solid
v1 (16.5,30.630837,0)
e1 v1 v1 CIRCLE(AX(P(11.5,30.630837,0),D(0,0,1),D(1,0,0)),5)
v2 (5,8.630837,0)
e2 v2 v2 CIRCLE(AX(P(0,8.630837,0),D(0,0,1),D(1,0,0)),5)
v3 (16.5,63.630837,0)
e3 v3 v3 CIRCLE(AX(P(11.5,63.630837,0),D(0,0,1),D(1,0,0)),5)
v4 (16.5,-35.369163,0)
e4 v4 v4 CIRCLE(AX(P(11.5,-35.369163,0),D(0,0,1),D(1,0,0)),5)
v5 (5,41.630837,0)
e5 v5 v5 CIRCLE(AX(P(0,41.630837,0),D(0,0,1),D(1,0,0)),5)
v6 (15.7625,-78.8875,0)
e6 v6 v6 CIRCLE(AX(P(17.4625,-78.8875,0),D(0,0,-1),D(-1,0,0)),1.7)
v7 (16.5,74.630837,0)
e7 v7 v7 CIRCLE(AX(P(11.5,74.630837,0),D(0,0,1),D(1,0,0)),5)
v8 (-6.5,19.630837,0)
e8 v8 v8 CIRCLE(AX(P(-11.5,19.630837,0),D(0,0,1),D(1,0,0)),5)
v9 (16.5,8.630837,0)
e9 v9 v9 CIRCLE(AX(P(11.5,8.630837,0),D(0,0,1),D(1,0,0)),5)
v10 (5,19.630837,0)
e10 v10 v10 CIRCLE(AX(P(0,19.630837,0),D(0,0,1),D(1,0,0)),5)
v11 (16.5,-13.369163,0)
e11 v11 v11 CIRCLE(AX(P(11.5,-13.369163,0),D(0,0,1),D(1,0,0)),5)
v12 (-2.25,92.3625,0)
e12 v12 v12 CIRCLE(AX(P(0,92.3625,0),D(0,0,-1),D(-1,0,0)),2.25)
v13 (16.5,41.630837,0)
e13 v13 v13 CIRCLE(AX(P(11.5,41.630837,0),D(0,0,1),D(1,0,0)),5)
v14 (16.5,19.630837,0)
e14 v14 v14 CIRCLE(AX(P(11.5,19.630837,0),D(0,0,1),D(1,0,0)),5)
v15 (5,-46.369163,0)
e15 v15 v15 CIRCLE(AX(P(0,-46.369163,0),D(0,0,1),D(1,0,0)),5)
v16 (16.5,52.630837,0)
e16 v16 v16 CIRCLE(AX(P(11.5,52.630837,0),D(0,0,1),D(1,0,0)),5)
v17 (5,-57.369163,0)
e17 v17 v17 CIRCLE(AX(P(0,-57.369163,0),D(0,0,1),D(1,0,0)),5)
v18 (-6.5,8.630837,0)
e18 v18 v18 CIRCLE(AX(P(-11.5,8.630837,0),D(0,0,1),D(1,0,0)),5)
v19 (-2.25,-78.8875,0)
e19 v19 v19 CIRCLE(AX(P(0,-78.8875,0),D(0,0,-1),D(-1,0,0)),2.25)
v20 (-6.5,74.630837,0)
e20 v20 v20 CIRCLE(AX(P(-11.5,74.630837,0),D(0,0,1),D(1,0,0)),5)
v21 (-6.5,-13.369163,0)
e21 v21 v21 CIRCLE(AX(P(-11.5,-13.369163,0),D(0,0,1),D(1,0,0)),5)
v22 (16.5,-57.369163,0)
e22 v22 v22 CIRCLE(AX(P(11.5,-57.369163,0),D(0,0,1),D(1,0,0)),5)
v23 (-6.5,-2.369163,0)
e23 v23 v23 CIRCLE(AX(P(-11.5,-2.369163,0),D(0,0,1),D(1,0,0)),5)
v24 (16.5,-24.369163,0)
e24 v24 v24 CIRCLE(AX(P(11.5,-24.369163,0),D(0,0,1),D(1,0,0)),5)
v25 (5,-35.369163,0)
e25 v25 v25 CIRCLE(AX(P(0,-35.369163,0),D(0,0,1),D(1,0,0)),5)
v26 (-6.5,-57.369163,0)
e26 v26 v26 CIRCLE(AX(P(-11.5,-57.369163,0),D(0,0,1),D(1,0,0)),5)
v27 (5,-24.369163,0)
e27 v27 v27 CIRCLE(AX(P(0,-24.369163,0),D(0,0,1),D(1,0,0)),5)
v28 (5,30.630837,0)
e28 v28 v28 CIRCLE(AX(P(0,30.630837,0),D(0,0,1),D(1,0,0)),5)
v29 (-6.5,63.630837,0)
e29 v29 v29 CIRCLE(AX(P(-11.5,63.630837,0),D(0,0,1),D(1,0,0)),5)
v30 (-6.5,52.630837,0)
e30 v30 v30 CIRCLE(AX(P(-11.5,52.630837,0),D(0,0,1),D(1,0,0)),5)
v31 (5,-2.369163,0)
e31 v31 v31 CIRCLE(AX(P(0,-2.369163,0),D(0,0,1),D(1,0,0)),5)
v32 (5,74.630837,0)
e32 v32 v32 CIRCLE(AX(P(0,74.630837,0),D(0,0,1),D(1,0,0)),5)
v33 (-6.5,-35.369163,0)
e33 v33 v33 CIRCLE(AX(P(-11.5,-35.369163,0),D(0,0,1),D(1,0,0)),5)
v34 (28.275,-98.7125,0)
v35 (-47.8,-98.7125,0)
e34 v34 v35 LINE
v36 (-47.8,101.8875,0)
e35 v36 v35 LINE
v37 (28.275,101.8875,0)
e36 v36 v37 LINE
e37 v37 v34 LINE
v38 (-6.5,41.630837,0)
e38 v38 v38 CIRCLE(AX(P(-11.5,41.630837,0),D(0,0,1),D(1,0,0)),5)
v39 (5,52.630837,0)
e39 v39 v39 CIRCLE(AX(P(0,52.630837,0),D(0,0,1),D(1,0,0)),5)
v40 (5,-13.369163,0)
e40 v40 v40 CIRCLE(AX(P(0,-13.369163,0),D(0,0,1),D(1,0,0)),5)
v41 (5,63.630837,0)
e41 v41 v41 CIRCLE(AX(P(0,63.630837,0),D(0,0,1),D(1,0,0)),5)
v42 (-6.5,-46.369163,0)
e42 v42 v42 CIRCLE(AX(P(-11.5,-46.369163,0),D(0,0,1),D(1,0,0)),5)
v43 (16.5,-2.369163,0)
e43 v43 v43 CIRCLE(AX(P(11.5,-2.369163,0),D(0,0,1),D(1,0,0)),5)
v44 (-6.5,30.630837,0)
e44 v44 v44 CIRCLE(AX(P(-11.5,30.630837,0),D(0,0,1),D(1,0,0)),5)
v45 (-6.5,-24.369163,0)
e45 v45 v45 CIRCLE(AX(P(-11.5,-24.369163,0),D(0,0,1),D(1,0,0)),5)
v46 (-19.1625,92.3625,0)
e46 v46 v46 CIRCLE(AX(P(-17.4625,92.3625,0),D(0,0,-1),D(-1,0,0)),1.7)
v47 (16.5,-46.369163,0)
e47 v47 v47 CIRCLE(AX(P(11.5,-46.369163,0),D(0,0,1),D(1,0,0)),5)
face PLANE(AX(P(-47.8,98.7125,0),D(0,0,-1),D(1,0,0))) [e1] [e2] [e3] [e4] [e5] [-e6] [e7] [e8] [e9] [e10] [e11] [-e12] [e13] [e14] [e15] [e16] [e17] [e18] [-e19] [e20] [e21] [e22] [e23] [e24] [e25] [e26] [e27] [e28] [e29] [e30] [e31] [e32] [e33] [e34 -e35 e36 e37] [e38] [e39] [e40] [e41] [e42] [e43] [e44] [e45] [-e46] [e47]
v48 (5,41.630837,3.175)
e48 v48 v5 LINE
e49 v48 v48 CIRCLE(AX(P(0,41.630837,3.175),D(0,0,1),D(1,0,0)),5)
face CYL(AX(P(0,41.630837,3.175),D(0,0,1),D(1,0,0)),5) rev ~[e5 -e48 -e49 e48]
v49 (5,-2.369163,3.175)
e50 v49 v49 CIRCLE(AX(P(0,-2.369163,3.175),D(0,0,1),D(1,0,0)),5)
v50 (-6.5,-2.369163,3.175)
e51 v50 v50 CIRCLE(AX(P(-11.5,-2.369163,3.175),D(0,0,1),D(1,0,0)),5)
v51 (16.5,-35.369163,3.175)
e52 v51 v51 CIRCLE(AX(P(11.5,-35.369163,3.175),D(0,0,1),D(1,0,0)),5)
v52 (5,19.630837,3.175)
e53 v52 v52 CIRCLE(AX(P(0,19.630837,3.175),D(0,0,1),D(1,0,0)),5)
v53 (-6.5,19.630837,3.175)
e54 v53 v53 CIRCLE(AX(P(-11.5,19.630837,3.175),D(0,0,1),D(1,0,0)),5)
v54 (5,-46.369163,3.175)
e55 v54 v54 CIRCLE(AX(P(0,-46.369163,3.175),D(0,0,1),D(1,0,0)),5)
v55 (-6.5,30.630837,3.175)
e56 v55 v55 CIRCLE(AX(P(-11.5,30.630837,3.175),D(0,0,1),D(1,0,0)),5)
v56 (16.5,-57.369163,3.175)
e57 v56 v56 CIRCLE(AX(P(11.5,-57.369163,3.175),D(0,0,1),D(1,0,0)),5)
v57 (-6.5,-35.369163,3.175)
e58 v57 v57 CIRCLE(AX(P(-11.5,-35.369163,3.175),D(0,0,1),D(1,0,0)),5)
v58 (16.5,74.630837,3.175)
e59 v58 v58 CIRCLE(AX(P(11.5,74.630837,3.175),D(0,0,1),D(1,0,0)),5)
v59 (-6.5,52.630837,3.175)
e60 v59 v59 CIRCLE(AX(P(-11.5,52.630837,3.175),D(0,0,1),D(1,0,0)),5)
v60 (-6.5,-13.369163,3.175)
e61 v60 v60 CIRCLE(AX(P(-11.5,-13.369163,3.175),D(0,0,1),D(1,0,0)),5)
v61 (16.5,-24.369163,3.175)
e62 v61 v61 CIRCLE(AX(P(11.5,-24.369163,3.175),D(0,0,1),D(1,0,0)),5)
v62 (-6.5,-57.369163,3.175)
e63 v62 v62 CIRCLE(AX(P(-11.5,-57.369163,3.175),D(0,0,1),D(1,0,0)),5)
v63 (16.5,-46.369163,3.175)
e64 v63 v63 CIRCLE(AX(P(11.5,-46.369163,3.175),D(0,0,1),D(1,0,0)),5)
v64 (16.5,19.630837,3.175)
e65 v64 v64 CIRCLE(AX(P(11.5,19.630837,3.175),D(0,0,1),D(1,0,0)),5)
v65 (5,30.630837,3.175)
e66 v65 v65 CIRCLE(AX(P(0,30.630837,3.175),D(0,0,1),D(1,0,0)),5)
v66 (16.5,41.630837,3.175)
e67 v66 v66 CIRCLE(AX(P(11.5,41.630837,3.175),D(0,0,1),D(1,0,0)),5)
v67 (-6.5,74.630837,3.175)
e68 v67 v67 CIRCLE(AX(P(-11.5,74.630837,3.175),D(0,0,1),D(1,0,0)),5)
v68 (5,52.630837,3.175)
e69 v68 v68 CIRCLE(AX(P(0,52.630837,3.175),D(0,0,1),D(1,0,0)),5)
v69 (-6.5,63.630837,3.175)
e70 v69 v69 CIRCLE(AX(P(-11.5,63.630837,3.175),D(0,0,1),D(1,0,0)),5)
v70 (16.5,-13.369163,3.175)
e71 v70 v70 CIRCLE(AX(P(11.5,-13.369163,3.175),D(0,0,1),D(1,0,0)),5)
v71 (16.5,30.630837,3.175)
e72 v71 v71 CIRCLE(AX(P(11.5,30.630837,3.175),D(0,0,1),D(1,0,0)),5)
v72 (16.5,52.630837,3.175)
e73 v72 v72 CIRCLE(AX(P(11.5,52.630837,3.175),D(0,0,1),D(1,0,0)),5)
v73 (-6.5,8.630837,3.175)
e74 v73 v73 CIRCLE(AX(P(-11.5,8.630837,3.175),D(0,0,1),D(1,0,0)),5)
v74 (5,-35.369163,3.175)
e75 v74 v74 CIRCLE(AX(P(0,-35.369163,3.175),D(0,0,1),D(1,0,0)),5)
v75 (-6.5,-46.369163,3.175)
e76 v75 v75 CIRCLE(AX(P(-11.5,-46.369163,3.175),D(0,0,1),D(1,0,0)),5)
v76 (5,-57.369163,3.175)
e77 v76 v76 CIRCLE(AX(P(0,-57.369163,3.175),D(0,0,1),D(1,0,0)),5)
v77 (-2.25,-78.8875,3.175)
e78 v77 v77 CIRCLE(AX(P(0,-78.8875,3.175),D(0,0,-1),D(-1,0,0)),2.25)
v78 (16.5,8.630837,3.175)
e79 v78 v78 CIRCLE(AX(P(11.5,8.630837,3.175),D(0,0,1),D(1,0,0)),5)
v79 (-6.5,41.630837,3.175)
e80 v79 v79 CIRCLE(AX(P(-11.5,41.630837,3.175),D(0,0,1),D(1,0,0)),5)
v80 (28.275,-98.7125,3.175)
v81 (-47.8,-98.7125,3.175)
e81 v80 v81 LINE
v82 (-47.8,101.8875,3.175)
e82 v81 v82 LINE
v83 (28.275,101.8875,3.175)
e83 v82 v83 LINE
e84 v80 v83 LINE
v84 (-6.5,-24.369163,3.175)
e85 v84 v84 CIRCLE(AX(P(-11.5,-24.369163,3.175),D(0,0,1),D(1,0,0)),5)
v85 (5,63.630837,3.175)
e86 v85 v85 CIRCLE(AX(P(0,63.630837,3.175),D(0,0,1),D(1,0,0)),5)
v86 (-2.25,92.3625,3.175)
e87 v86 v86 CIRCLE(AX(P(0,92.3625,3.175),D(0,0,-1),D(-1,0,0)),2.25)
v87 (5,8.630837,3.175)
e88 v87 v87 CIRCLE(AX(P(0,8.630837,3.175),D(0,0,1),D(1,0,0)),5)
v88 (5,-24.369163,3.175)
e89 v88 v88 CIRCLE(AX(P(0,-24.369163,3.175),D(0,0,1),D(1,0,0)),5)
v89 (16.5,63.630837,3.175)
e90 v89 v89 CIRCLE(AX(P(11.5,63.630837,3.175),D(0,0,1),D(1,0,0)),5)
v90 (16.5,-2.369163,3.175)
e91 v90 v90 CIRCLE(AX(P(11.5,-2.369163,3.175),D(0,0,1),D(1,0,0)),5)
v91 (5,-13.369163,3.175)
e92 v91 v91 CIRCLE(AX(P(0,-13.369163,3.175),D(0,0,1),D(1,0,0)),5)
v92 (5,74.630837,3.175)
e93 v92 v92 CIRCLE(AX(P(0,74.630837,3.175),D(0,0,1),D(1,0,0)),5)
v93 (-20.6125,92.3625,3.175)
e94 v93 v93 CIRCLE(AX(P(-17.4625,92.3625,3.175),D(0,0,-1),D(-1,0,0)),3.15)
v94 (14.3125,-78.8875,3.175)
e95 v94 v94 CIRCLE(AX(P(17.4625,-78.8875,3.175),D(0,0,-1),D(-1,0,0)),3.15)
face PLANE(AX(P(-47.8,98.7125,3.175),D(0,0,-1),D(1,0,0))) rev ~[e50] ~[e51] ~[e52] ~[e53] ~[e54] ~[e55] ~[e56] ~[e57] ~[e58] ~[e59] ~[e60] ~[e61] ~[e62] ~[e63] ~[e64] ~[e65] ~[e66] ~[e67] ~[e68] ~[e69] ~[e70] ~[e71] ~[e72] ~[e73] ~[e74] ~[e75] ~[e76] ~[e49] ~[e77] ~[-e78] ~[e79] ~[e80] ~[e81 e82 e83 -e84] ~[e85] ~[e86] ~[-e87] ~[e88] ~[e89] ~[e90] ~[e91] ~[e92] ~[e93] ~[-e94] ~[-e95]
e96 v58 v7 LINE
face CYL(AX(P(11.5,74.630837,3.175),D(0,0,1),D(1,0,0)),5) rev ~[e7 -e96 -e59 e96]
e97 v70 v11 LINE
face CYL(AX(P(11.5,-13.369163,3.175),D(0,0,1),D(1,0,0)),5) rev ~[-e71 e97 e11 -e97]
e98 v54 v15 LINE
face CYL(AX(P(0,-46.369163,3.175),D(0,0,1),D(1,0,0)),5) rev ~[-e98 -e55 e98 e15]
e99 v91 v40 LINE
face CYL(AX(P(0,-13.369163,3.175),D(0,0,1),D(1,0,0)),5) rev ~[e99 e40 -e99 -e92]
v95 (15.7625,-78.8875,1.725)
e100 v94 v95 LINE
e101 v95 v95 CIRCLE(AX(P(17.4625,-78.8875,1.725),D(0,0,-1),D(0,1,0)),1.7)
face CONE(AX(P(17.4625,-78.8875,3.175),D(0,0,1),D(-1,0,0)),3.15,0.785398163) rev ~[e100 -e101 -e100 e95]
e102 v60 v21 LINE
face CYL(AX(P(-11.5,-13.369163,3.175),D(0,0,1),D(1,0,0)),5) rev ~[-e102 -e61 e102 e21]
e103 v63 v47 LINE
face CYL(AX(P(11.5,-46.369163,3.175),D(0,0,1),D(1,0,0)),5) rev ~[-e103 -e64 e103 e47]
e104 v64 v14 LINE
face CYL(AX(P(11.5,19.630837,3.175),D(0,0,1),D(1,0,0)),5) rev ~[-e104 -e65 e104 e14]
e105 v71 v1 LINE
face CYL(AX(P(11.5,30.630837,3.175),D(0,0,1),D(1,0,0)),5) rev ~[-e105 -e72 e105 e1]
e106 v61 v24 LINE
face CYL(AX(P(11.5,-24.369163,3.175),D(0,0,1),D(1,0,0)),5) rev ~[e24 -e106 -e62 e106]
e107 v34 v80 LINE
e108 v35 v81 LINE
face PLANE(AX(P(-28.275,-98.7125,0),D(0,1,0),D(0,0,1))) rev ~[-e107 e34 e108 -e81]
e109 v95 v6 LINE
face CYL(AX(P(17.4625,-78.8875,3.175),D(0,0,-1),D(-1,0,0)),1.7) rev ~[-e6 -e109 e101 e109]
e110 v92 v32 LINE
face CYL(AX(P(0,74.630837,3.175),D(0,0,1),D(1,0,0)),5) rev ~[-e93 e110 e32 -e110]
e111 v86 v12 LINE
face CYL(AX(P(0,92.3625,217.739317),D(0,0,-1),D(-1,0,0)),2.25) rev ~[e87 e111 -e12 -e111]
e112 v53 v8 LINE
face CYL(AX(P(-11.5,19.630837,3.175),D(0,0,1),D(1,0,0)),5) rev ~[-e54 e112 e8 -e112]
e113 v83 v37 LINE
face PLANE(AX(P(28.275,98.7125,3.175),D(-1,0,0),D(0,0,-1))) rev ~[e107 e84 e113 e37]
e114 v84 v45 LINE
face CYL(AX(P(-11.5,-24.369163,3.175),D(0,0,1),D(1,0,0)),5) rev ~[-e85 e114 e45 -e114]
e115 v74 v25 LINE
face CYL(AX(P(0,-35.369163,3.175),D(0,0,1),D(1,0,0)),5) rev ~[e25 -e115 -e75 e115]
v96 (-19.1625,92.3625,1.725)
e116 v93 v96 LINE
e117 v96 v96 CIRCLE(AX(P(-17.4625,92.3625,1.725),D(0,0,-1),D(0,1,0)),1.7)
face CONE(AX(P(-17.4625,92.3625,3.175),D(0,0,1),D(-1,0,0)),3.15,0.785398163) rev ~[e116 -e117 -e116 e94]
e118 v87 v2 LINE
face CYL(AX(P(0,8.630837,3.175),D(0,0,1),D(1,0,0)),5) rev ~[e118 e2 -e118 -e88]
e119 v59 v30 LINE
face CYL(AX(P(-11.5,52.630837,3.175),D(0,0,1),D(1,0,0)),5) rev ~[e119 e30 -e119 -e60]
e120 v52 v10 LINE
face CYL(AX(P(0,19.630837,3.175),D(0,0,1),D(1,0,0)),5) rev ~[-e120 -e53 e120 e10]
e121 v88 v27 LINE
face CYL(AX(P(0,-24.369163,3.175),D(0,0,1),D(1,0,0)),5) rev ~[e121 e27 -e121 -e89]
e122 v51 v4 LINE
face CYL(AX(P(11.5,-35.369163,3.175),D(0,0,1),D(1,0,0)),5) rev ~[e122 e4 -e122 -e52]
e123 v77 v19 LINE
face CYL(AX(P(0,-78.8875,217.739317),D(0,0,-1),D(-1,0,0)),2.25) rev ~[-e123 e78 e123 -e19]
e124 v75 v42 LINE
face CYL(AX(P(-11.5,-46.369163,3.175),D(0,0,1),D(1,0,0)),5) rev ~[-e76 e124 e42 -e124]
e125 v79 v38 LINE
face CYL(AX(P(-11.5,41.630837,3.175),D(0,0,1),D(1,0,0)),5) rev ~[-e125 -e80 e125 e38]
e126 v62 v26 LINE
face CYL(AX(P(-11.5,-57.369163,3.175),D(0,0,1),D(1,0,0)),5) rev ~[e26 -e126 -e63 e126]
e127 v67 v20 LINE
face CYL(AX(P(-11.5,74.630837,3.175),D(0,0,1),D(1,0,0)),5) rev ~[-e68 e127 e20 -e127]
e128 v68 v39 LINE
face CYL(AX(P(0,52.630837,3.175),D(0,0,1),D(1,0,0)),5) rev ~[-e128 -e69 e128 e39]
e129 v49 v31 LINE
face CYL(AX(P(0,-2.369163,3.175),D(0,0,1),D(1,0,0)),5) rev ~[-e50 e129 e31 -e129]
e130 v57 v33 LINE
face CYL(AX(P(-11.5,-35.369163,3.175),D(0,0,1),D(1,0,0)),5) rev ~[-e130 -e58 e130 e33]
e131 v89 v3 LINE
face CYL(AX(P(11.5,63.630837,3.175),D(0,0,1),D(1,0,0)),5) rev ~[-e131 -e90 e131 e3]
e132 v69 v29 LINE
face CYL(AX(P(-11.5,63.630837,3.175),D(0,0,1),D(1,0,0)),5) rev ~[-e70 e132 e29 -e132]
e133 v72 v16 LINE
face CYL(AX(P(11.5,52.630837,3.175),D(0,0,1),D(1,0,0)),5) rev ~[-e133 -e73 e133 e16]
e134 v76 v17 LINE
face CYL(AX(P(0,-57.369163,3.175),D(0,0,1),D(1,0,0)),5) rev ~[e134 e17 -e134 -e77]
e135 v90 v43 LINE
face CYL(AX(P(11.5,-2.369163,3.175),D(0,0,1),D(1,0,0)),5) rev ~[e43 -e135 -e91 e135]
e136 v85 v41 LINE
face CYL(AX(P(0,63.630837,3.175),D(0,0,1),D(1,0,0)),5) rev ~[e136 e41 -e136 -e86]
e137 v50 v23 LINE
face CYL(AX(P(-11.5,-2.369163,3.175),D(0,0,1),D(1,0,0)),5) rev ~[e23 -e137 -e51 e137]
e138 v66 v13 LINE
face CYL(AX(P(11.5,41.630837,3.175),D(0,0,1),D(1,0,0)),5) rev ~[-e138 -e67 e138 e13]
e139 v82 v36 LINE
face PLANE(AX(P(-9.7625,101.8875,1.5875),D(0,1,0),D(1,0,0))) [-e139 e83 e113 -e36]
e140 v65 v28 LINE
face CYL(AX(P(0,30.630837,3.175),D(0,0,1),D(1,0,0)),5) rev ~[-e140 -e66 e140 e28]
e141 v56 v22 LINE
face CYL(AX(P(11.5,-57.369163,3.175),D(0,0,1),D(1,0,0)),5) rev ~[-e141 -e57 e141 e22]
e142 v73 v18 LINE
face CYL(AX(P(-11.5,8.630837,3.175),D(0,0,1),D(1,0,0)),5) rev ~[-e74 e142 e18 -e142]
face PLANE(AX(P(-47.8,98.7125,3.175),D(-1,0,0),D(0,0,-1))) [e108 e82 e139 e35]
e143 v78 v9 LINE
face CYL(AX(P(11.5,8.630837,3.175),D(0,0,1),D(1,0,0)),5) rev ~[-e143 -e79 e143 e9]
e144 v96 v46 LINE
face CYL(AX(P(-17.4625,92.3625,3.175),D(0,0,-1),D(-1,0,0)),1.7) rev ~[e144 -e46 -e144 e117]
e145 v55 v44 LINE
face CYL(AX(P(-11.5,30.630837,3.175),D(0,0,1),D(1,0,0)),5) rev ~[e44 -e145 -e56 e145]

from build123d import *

# Parameters (mm, degrees)
SKETCH1_W                                       = 56.55
SKETCH1_H                                       = 197.425
BOSS_EXTRUDE1_DEPTH                             = 3.175
SKETCH4_R                                       = 5
CUT_EXTRUDE2_DEPTH                              = 103.731270343
LPATTERN3_COUNT                                 = 13
LPATTERN3_PITCH                                 = 11
SKETCH5_W                                       = 3.175
SKETCH5_H                                       = 197.425
BOSS_EXTRUDE2_DEPTH                             = 19.525
SKETCH14_W                                      = 76.075
SKETCH14_H                                      = 3.175
BOSS_EXTRUDE3_DEPTH                             = 3.175
M4_CLEARANCE_HOLE1_D                            = 4.5
CSK_FOR_M3_FLAT_HEAD_MACHINE_SCREW4_D           = 3.4
CSK_FOR_M3_FLAT_HEAD_MACHINE_SCREW4_CSINK_D     = 6.3
CSK_FOR_M3_FLAT_HEAD_MACHINE_SCREW4_CSINK_ANGLE = 90


with BuildPart() as part:
    # Sketch1 → Boss-Extrude1 (new body)
    with BuildSketch(Plane.XY):
        Rectangle(SKETCH1_W, SKETCH1_H)
    extrude(amount=BOSS_EXTRUDE1_DEPTH)

    # Sketch4 → Cut-Extrude2 (cut, through all)
    with BuildSketch(Plane.XY.offset(3.175)):
        with Locations((0, -57.369162839)):
            Circle(SKETCH4_R)
        with Locations((11.5, -57.369162839)):
            Circle(SKETCH4_R)
        with Locations((-11.5, -57.369162839)):
            Circle(SKETCH4_R)
    cut_extrude2 = extrude(amount=-CUT_EXTRUDE2_DEPTH, mode=Mode.SUBTRACT)

    # LPattern3: Cut-Extrude2 ×13
    with Locations(*[(0, i * LPATTERN3_PITCH, 0) for i in range(1, LPATTERN3_COUNT)]):
        add(cut_extrude2, mode=Mode.SUBTRACT)

    # Sketch5 → Boss-Extrude2 (add)
    with BuildSketch(Plane.ZY.offset(28.275)):
        with Locations((1.5875, 0)):
            Rectangle(SKETCH5_W, SKETCH5_H)
    extrude(amount=BOSS_EXTRUDE2_DEPTH)

    # Sketch14 → Boss-Extrude3 (add)
    with BuildSketch(Plane(origin=(0, 98.7125, 0), x_dir=(1, 0, 0), z_dir=(0, 1, 0))):
        with Locations((-9.7625, -1.5875)):
            Rectangle(SKETCH14_W, SKETCH14_H)
    extrude(amount=BOSS_EXTRUDE3_DEPTH)

    # M4 Clearance Hole1 (through all)
    with Locations(Plane.XY.offset(3.175)):
        with Locations((0, 92.3625001), (0, -78.8874999)):
            Hole(M4_CLEARANCE_HOLE1_D / 2)

    # CSK for M3 Flat Head Machine Screw4 (through all)
    with Locations(Plane.XY.offset(3.175)):
        with Locations((17.4625, -78.8874999), (-17.4625, 92.3625001)):
            CounterSinkHole(CSK_FOR_M3_FLAT_HEAD_MACHINE_SCREW4_D / 2, CSK_FOR_M3_FLAT_HEAD_MACHINE_SCREW4_CSINK_D / 2, counter_sink_angle=CSK_FOR_M3_FLAT_HEAD_MACHINE_SCREW4_CSINK_ANGLE)


solid = part.part
